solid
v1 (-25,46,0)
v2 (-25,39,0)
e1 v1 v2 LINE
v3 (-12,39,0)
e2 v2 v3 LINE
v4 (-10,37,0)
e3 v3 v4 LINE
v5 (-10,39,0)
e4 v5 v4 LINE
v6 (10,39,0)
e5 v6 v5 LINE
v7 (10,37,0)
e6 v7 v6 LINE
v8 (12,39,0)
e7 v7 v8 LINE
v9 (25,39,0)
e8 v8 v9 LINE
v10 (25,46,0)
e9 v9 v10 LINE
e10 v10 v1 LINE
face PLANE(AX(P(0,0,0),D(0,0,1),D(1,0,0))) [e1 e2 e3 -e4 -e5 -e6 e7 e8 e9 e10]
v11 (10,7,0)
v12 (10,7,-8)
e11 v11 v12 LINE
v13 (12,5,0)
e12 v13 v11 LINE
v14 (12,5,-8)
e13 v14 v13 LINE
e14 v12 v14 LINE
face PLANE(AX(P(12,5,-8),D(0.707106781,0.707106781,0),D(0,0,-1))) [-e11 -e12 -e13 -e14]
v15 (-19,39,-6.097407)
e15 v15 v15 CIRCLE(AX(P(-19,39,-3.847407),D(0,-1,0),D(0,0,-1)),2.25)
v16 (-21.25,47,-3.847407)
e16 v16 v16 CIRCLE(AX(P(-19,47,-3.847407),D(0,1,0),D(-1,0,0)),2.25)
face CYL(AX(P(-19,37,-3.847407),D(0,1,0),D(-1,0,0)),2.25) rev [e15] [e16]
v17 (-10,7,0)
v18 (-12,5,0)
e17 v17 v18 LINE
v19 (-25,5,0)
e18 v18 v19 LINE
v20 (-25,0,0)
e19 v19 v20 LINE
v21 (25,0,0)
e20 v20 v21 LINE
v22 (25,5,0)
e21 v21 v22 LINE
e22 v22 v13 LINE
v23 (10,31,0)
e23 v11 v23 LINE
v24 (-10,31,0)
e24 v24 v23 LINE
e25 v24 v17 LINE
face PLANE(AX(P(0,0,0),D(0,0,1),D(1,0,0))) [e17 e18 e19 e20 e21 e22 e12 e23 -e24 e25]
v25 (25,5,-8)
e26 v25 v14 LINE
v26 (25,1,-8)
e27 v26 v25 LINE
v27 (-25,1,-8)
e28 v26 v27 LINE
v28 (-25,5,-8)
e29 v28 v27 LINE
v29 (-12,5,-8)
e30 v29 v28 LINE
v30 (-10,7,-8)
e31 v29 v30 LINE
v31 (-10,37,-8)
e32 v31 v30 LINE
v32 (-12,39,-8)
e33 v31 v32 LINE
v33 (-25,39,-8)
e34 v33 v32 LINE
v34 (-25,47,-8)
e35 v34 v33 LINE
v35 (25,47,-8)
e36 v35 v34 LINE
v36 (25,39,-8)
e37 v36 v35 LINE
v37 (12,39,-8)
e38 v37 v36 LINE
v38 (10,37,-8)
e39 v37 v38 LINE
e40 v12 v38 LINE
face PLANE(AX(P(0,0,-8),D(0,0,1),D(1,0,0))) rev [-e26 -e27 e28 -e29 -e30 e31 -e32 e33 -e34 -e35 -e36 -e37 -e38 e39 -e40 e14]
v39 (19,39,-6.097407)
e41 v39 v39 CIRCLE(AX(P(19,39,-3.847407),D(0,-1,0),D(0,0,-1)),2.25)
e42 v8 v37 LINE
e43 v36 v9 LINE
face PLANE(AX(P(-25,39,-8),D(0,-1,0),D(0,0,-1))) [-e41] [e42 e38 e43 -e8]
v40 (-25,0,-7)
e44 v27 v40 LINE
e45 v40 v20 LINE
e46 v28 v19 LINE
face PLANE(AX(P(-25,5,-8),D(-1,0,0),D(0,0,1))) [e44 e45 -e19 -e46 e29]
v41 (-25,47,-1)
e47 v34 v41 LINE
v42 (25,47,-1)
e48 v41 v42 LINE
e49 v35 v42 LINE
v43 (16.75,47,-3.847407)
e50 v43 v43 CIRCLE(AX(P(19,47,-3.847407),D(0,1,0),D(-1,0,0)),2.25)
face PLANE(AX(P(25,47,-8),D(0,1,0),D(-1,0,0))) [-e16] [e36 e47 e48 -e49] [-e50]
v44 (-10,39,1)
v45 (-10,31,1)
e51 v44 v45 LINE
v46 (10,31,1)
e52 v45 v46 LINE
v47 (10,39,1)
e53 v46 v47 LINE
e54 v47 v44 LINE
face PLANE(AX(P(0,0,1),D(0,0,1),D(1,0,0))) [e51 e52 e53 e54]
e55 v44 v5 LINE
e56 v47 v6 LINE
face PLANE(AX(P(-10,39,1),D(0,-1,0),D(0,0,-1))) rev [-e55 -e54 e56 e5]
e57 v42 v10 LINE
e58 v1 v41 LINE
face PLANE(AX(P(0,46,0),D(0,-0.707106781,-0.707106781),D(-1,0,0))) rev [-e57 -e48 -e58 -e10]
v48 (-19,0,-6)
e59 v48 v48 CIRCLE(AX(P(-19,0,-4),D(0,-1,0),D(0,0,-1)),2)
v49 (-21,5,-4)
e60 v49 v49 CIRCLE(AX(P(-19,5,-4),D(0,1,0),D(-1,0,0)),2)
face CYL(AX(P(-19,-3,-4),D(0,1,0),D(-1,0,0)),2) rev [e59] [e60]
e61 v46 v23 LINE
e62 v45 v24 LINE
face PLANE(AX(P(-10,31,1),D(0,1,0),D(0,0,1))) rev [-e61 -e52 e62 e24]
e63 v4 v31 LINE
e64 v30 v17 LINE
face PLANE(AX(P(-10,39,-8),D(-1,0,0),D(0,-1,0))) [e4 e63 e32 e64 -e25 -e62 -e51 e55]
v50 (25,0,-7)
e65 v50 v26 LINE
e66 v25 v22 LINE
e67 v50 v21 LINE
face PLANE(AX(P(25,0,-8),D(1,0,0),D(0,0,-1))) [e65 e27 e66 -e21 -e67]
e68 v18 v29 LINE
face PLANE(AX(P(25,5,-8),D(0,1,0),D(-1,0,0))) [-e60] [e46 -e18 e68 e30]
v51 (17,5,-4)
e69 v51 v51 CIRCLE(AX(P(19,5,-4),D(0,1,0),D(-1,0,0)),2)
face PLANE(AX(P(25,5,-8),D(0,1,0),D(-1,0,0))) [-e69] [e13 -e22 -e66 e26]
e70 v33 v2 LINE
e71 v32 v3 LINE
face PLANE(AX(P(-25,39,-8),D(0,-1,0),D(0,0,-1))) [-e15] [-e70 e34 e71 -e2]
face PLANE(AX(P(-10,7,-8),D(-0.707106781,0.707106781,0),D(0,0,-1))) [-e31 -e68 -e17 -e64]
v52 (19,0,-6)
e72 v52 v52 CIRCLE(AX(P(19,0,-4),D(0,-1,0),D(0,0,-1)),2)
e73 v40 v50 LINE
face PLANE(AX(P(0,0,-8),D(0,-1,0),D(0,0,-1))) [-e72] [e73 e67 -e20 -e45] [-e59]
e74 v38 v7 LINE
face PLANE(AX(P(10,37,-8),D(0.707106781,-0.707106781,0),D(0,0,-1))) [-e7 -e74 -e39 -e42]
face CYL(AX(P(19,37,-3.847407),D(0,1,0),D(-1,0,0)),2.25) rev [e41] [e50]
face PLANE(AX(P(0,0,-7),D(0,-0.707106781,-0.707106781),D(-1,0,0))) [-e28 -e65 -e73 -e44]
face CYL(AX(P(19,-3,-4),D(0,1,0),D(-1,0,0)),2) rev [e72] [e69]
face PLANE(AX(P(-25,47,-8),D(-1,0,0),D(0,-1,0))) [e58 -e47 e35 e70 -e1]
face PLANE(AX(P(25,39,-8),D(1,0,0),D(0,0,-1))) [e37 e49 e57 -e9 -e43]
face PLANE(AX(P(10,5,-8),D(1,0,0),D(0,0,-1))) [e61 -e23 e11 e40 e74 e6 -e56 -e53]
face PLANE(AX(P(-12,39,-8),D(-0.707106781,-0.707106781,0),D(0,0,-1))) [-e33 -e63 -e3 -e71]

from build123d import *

# Parameters (mm, degrees)
SKETCH_1_W          = 50
SKETCH_1_H          = 8
EXTRUDE_1_DEPTH     = 8
SKETCH_2_R          = 2
CUT_EXTRUDE_1_DEPTH = 8
SKETCH_3_W          = 20
SKETCH_3_H          = 8
EXTRUDE_2_DEPTH     = 1
SKETCH_4_R          = 2.25
CUT_EXTRUDE_2_DEPTH = 10
SKETCH_4_3_R        = 2.25
CUT_EXTRUDE_3_DEPTH = 10
CHAMFER_1_SIZE      = 2
CHAMFER_2_SIZE      = 1
CHAMFER_3_SIZE      = 1


with BuildPart() as part:
    # ｽｹｯﾁ1 → ﾎﾞｽ - 押し出し1 (new body)
    with BuildSketch(Plane.XY):
        Polygon((0, 0), (25, 0), (25, 5), (-25, 5), (-25, 0), align=None)
        Polygon((0, 5), (10, 5), (10, 39), (-10, 39), (-10, 5), align=None)
        with Locations((0, 43)):
            Rectangle(SKETCH_1_W, SKETCH_1_H)
    extrude(amount=-EXTRUDE_1_DEPTH)

    # ｽｹｯﾁ2 → ｶｯﾄ - 押し出し1 (cut)
    with BuildSketch(Plane(origin=(0, 5, 0), x_dir=(1, 0, 0), z_dir=(0, 1, 0))):
        with Locations((19, 4)):
            Circle(SKETCH_2_R)
        with Locations((-19, 4)):
            Circle(SKETCH_2_R)
    extrude(amount=-CUT_EXTRUDE_1_DEPTH, mode=Mode.SUBTRACT)

    # ｽｹｯﾁ3 → ﾎﾞｽ - 押し出し2 (add)
    with BuildSketch(Plane.XY):
        with Locations((0, 35)):
            Rectangle(SKETCH_3_W, SKETCH_3_H)
    extrude(amount=EXTRUDE_2_DEPTH)

    # ｽｹｯﾁ4 → ｶｯﾄ - 押し出し2 (cut)
    with BuildSketch(Plane(origin=(0, 47, 0), x_dir=(1, 0, 0), z_dir=(0, 1, 0))):
        with Locations((19, 3.847406514)):
            Circle(SKETCH_4_R)
    extrude(amount=-CUT_EXTRUDE_2_DEPTH, mode=Mode.SUBTRACT)

    # ｽｹｯﾁ4<3> → ｶｯﾄ - 押し出し3 (cut)
    with BuildSketch(Plane(origin=(0, 47, 0), x_dir=(1, 0, 0), z_dir=(0, 1, 0))):
        with Locations((19, 3.847406514)):
            Circle(SKETCH_4_3_R)
        with Locations((-19, 3.847406514)):
            Circle(SKETCH_4_3_R)
    extrude(amount=-CUT_EXTRUDE_3_DEPTH, mode=Mode.SUBTRACT)

    # 面取り1
    chamfer_1_edges = [part.edges().sort_by_distance(p)[0] for p in [
        (10, 39, -4),
        (-10, 39, -4),
        (10, 5, -4),
        (-10, 5, -4),
    ]]
    chamfer(chamfer_1_edges, length=CHAMFER_1_SIZE)

    # 面取り2
    chamfer_2_edges = [part.edges().sort_by_distance(p)[0] for p in [
        (0, 47, 0),
    ]]
    chamfer(chamfer_2_edges, length=CHAMFER_2_SIZE)

    # 面取り3
    chamfer_3_edges = [part.edges().sort_by_distance(p)[0] for p in [
        (0, 0, -8),
    ]]
    chamfer(chamfer_3_edges, length=CHAMFER_3_SIZE)


solid = part.part
